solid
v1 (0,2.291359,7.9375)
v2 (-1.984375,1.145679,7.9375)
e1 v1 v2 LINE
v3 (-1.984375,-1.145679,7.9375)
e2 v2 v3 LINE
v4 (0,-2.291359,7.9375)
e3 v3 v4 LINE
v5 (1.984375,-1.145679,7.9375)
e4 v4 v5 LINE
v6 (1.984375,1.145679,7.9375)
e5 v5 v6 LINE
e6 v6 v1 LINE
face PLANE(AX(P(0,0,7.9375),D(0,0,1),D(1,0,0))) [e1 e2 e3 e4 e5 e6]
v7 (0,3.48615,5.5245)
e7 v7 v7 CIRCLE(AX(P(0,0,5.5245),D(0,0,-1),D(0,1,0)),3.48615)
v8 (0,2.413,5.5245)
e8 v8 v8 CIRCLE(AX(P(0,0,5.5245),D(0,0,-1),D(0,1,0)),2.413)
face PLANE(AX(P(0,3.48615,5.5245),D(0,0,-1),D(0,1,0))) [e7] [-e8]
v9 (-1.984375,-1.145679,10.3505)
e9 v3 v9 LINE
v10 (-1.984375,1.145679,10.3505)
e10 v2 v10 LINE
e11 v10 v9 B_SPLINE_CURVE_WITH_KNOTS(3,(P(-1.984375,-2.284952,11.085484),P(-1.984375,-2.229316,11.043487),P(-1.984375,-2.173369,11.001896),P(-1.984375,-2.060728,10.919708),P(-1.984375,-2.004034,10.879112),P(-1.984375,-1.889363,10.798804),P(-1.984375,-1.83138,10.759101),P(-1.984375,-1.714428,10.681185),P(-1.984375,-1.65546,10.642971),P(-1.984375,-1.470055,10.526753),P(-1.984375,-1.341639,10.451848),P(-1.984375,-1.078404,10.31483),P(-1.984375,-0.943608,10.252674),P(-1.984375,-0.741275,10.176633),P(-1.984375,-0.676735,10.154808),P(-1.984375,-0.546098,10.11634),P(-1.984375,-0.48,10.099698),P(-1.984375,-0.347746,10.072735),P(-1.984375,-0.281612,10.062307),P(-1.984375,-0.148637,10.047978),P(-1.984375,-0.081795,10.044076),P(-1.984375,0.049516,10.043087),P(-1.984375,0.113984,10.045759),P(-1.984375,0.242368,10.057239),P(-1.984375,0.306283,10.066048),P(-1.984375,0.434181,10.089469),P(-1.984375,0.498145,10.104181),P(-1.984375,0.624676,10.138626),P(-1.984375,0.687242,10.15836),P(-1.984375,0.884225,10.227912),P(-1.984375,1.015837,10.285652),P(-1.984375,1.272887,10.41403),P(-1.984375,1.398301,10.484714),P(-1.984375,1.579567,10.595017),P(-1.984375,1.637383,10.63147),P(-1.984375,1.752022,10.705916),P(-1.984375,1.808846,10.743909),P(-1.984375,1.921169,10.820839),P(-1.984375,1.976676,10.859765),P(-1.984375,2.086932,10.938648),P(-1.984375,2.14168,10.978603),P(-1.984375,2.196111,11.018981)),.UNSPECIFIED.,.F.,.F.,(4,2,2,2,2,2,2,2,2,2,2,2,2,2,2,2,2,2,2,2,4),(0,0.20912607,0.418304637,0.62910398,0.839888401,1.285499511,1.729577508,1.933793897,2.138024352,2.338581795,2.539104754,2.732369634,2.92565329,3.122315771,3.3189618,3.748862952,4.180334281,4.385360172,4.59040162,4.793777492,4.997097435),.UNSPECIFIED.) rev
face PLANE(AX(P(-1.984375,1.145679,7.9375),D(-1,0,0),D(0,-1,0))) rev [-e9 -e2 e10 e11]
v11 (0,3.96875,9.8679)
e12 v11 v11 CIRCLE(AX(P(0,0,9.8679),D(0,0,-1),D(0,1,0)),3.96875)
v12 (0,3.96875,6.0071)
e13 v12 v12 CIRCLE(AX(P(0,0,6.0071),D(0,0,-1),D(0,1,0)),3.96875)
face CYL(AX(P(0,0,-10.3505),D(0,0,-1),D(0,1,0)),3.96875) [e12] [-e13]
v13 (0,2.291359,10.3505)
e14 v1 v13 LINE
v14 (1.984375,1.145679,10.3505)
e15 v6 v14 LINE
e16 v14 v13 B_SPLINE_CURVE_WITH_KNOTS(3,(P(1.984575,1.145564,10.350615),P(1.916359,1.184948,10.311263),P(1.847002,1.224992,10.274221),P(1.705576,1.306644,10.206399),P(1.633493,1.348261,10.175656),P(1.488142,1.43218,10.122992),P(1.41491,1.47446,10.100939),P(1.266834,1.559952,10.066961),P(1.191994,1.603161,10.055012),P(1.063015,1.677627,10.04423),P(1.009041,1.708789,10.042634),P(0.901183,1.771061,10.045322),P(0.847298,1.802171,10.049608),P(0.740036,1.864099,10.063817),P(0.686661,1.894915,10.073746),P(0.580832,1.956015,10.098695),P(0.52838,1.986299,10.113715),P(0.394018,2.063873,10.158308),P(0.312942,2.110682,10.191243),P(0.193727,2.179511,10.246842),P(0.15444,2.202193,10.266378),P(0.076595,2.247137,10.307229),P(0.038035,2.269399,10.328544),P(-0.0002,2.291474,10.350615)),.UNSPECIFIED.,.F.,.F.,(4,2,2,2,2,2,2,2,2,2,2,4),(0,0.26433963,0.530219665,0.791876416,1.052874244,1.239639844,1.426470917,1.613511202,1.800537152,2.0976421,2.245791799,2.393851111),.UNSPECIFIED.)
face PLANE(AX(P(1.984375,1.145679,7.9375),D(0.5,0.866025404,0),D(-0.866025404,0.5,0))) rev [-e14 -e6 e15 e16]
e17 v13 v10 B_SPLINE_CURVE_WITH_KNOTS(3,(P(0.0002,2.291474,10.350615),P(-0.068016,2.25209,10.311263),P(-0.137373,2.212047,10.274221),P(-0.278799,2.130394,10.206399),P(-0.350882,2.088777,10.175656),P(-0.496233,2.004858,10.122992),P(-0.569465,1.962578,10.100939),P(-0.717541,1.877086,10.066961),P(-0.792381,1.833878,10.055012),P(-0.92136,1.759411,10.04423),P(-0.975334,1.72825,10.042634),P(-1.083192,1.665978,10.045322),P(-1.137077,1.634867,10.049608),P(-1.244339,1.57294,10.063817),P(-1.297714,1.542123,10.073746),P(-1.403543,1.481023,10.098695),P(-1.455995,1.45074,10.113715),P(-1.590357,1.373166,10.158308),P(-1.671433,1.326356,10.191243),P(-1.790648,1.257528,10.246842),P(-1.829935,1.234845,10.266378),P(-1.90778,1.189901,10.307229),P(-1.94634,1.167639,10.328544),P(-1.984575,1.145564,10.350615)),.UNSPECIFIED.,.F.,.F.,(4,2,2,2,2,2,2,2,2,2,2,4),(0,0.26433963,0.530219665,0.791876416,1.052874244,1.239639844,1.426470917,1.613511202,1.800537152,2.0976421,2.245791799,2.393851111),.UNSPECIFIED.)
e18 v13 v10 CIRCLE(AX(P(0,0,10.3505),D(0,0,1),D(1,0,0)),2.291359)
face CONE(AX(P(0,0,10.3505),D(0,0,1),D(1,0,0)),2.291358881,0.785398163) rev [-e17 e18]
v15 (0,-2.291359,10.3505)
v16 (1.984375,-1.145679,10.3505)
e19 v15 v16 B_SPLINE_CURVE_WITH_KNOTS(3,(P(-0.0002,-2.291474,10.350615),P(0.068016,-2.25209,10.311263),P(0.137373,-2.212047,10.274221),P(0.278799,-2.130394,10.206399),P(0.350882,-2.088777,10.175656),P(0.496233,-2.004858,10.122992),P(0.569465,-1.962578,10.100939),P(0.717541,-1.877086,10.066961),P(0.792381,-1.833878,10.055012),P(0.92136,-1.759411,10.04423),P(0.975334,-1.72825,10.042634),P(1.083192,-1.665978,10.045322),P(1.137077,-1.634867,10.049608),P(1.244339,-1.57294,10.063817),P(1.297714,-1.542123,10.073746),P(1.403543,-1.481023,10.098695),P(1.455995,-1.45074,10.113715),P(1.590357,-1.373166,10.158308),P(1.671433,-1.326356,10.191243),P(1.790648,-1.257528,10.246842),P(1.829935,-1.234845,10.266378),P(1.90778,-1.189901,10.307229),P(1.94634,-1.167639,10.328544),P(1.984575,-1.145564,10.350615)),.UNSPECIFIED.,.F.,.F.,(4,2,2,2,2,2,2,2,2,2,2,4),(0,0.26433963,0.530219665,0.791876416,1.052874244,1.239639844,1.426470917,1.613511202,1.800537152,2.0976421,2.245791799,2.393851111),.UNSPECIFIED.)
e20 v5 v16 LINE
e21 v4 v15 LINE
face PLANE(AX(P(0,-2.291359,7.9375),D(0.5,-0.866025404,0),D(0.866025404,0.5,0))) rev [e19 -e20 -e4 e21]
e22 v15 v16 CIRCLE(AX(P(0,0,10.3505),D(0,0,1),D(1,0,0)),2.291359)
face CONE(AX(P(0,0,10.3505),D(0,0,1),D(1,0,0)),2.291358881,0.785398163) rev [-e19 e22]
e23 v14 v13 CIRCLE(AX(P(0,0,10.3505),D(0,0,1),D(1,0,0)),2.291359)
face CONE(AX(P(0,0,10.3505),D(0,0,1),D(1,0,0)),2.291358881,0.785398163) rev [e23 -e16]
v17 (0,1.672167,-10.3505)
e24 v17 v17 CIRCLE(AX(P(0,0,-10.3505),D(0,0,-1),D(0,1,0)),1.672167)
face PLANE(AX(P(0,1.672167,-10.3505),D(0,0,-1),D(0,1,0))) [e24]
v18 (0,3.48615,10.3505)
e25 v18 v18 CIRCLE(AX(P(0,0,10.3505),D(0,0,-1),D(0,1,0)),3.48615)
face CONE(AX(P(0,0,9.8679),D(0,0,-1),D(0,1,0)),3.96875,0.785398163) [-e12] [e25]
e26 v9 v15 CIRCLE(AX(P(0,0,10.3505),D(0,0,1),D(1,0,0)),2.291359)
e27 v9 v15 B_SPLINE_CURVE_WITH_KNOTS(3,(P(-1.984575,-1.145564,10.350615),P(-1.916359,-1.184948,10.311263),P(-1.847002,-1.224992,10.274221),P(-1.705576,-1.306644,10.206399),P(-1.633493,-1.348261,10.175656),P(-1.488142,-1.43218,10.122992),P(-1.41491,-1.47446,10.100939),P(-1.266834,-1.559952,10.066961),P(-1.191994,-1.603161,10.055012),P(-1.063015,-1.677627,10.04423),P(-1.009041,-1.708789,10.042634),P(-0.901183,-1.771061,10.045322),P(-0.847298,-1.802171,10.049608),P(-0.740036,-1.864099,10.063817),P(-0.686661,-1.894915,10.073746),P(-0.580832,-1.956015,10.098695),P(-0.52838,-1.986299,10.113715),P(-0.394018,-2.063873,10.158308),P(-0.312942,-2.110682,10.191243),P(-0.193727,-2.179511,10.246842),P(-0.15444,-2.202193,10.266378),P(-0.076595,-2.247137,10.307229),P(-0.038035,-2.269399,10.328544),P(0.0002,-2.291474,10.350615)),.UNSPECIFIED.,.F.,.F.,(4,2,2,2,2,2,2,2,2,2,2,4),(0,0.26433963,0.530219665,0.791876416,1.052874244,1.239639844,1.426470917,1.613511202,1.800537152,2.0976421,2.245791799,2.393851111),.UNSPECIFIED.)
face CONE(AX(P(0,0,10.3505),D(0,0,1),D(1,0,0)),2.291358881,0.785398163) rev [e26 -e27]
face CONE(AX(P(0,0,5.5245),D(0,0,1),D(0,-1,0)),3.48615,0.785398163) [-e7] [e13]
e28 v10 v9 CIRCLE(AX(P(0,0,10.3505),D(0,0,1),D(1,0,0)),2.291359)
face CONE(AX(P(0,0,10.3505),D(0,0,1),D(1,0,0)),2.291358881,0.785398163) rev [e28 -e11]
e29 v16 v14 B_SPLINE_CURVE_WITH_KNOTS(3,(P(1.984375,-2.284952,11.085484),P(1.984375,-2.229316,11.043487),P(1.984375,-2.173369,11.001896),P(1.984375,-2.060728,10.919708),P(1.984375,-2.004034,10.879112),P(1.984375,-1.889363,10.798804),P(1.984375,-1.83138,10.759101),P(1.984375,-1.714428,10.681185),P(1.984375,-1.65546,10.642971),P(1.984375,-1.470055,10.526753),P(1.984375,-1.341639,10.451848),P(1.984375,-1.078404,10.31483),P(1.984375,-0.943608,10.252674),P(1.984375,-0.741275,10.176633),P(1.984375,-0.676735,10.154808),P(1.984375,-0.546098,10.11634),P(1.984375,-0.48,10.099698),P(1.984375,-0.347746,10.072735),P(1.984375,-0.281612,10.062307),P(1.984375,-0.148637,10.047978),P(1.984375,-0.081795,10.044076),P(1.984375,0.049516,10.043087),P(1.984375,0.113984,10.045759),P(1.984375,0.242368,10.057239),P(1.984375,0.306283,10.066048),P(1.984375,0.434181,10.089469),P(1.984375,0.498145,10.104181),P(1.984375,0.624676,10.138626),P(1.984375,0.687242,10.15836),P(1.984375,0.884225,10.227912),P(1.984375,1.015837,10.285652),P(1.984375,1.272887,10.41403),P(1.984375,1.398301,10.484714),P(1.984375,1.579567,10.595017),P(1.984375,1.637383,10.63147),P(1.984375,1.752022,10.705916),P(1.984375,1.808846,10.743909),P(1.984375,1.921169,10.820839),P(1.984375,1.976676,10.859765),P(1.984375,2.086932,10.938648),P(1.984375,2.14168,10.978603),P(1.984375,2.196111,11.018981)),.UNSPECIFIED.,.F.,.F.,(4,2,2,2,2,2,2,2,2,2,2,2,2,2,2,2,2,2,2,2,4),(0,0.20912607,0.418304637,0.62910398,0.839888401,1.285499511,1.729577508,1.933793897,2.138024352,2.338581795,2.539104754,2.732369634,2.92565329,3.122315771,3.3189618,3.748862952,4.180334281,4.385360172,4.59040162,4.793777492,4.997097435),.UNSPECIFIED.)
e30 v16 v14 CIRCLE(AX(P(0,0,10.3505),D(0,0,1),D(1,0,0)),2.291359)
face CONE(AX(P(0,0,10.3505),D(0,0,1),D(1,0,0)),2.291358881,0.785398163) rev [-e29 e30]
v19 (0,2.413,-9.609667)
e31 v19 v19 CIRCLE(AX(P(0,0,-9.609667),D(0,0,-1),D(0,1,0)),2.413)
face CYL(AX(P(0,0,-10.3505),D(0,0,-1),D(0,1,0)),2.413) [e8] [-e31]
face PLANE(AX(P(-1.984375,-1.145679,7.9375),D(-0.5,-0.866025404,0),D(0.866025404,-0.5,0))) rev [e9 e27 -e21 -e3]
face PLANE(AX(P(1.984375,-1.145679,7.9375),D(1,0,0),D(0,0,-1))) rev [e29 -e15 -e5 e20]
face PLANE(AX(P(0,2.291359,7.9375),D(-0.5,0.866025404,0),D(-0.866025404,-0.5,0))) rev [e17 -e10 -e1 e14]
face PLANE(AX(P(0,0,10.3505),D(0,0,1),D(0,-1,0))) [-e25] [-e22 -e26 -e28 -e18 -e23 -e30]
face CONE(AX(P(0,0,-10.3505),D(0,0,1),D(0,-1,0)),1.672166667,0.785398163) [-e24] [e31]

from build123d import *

# Parameters (mm, degrees)
CUT_EXTRUDE1_DEPTH = 2.413


with BuildPart() as part:
    # Sketch3 → Revolve1 (revolve)
    with BuildSketch(Plane(origin=(0, 0, 0), x_dir=(0, 0, -1), z_dir=(1, 0, 0))):
        Polygon((10.3505, 0), (-10.3505, 0), (-10.3505, 3.48615), (-9.8679, 3.96875), (-6.0071, 3.96875), (-5.5245, 3.48615), (-5.5245, 2.413), (9.609666667, 2.413), (10.3505, 1.672166667), align=None)
    revolve(axis=Axis((0, 0, -10.3505), (0, 0, 1)))

    # Sketch4 → Cut-Extrude1 (cut)
    with BuildSketch(Plane.XY.offset(10.3505)):
        Polygon((0, -2.291358881), (1.984375, -1.14567944), (1.984375, 1.14567944), (0, 2.291358881), (-1.984375, 1.14567944), (-1.984375, -1.14567944), align=None)
    extrude(amount=-CUT_EXTRUDE1_DEPTH, mode=Mode.SUBTRACT)

    # Cut-Extrude3 cone 1 section (through the dimple's axis) → Cut-Extrude3 (revolve, cut)
    with BuildSketch(Plane(origin=(0, 0, 10.3505), x_dir=(0, -1, 0), z_dir=(1, 0, 0))):
        Polygon((0, 0), (2.291358881, 0), (0, 2.291358881), align=None)
    revolve(axis=Axis((0, 0, 10.3505), (0, 0, -1)), mode=Mode.SUBTRACT)


solid = part.part
